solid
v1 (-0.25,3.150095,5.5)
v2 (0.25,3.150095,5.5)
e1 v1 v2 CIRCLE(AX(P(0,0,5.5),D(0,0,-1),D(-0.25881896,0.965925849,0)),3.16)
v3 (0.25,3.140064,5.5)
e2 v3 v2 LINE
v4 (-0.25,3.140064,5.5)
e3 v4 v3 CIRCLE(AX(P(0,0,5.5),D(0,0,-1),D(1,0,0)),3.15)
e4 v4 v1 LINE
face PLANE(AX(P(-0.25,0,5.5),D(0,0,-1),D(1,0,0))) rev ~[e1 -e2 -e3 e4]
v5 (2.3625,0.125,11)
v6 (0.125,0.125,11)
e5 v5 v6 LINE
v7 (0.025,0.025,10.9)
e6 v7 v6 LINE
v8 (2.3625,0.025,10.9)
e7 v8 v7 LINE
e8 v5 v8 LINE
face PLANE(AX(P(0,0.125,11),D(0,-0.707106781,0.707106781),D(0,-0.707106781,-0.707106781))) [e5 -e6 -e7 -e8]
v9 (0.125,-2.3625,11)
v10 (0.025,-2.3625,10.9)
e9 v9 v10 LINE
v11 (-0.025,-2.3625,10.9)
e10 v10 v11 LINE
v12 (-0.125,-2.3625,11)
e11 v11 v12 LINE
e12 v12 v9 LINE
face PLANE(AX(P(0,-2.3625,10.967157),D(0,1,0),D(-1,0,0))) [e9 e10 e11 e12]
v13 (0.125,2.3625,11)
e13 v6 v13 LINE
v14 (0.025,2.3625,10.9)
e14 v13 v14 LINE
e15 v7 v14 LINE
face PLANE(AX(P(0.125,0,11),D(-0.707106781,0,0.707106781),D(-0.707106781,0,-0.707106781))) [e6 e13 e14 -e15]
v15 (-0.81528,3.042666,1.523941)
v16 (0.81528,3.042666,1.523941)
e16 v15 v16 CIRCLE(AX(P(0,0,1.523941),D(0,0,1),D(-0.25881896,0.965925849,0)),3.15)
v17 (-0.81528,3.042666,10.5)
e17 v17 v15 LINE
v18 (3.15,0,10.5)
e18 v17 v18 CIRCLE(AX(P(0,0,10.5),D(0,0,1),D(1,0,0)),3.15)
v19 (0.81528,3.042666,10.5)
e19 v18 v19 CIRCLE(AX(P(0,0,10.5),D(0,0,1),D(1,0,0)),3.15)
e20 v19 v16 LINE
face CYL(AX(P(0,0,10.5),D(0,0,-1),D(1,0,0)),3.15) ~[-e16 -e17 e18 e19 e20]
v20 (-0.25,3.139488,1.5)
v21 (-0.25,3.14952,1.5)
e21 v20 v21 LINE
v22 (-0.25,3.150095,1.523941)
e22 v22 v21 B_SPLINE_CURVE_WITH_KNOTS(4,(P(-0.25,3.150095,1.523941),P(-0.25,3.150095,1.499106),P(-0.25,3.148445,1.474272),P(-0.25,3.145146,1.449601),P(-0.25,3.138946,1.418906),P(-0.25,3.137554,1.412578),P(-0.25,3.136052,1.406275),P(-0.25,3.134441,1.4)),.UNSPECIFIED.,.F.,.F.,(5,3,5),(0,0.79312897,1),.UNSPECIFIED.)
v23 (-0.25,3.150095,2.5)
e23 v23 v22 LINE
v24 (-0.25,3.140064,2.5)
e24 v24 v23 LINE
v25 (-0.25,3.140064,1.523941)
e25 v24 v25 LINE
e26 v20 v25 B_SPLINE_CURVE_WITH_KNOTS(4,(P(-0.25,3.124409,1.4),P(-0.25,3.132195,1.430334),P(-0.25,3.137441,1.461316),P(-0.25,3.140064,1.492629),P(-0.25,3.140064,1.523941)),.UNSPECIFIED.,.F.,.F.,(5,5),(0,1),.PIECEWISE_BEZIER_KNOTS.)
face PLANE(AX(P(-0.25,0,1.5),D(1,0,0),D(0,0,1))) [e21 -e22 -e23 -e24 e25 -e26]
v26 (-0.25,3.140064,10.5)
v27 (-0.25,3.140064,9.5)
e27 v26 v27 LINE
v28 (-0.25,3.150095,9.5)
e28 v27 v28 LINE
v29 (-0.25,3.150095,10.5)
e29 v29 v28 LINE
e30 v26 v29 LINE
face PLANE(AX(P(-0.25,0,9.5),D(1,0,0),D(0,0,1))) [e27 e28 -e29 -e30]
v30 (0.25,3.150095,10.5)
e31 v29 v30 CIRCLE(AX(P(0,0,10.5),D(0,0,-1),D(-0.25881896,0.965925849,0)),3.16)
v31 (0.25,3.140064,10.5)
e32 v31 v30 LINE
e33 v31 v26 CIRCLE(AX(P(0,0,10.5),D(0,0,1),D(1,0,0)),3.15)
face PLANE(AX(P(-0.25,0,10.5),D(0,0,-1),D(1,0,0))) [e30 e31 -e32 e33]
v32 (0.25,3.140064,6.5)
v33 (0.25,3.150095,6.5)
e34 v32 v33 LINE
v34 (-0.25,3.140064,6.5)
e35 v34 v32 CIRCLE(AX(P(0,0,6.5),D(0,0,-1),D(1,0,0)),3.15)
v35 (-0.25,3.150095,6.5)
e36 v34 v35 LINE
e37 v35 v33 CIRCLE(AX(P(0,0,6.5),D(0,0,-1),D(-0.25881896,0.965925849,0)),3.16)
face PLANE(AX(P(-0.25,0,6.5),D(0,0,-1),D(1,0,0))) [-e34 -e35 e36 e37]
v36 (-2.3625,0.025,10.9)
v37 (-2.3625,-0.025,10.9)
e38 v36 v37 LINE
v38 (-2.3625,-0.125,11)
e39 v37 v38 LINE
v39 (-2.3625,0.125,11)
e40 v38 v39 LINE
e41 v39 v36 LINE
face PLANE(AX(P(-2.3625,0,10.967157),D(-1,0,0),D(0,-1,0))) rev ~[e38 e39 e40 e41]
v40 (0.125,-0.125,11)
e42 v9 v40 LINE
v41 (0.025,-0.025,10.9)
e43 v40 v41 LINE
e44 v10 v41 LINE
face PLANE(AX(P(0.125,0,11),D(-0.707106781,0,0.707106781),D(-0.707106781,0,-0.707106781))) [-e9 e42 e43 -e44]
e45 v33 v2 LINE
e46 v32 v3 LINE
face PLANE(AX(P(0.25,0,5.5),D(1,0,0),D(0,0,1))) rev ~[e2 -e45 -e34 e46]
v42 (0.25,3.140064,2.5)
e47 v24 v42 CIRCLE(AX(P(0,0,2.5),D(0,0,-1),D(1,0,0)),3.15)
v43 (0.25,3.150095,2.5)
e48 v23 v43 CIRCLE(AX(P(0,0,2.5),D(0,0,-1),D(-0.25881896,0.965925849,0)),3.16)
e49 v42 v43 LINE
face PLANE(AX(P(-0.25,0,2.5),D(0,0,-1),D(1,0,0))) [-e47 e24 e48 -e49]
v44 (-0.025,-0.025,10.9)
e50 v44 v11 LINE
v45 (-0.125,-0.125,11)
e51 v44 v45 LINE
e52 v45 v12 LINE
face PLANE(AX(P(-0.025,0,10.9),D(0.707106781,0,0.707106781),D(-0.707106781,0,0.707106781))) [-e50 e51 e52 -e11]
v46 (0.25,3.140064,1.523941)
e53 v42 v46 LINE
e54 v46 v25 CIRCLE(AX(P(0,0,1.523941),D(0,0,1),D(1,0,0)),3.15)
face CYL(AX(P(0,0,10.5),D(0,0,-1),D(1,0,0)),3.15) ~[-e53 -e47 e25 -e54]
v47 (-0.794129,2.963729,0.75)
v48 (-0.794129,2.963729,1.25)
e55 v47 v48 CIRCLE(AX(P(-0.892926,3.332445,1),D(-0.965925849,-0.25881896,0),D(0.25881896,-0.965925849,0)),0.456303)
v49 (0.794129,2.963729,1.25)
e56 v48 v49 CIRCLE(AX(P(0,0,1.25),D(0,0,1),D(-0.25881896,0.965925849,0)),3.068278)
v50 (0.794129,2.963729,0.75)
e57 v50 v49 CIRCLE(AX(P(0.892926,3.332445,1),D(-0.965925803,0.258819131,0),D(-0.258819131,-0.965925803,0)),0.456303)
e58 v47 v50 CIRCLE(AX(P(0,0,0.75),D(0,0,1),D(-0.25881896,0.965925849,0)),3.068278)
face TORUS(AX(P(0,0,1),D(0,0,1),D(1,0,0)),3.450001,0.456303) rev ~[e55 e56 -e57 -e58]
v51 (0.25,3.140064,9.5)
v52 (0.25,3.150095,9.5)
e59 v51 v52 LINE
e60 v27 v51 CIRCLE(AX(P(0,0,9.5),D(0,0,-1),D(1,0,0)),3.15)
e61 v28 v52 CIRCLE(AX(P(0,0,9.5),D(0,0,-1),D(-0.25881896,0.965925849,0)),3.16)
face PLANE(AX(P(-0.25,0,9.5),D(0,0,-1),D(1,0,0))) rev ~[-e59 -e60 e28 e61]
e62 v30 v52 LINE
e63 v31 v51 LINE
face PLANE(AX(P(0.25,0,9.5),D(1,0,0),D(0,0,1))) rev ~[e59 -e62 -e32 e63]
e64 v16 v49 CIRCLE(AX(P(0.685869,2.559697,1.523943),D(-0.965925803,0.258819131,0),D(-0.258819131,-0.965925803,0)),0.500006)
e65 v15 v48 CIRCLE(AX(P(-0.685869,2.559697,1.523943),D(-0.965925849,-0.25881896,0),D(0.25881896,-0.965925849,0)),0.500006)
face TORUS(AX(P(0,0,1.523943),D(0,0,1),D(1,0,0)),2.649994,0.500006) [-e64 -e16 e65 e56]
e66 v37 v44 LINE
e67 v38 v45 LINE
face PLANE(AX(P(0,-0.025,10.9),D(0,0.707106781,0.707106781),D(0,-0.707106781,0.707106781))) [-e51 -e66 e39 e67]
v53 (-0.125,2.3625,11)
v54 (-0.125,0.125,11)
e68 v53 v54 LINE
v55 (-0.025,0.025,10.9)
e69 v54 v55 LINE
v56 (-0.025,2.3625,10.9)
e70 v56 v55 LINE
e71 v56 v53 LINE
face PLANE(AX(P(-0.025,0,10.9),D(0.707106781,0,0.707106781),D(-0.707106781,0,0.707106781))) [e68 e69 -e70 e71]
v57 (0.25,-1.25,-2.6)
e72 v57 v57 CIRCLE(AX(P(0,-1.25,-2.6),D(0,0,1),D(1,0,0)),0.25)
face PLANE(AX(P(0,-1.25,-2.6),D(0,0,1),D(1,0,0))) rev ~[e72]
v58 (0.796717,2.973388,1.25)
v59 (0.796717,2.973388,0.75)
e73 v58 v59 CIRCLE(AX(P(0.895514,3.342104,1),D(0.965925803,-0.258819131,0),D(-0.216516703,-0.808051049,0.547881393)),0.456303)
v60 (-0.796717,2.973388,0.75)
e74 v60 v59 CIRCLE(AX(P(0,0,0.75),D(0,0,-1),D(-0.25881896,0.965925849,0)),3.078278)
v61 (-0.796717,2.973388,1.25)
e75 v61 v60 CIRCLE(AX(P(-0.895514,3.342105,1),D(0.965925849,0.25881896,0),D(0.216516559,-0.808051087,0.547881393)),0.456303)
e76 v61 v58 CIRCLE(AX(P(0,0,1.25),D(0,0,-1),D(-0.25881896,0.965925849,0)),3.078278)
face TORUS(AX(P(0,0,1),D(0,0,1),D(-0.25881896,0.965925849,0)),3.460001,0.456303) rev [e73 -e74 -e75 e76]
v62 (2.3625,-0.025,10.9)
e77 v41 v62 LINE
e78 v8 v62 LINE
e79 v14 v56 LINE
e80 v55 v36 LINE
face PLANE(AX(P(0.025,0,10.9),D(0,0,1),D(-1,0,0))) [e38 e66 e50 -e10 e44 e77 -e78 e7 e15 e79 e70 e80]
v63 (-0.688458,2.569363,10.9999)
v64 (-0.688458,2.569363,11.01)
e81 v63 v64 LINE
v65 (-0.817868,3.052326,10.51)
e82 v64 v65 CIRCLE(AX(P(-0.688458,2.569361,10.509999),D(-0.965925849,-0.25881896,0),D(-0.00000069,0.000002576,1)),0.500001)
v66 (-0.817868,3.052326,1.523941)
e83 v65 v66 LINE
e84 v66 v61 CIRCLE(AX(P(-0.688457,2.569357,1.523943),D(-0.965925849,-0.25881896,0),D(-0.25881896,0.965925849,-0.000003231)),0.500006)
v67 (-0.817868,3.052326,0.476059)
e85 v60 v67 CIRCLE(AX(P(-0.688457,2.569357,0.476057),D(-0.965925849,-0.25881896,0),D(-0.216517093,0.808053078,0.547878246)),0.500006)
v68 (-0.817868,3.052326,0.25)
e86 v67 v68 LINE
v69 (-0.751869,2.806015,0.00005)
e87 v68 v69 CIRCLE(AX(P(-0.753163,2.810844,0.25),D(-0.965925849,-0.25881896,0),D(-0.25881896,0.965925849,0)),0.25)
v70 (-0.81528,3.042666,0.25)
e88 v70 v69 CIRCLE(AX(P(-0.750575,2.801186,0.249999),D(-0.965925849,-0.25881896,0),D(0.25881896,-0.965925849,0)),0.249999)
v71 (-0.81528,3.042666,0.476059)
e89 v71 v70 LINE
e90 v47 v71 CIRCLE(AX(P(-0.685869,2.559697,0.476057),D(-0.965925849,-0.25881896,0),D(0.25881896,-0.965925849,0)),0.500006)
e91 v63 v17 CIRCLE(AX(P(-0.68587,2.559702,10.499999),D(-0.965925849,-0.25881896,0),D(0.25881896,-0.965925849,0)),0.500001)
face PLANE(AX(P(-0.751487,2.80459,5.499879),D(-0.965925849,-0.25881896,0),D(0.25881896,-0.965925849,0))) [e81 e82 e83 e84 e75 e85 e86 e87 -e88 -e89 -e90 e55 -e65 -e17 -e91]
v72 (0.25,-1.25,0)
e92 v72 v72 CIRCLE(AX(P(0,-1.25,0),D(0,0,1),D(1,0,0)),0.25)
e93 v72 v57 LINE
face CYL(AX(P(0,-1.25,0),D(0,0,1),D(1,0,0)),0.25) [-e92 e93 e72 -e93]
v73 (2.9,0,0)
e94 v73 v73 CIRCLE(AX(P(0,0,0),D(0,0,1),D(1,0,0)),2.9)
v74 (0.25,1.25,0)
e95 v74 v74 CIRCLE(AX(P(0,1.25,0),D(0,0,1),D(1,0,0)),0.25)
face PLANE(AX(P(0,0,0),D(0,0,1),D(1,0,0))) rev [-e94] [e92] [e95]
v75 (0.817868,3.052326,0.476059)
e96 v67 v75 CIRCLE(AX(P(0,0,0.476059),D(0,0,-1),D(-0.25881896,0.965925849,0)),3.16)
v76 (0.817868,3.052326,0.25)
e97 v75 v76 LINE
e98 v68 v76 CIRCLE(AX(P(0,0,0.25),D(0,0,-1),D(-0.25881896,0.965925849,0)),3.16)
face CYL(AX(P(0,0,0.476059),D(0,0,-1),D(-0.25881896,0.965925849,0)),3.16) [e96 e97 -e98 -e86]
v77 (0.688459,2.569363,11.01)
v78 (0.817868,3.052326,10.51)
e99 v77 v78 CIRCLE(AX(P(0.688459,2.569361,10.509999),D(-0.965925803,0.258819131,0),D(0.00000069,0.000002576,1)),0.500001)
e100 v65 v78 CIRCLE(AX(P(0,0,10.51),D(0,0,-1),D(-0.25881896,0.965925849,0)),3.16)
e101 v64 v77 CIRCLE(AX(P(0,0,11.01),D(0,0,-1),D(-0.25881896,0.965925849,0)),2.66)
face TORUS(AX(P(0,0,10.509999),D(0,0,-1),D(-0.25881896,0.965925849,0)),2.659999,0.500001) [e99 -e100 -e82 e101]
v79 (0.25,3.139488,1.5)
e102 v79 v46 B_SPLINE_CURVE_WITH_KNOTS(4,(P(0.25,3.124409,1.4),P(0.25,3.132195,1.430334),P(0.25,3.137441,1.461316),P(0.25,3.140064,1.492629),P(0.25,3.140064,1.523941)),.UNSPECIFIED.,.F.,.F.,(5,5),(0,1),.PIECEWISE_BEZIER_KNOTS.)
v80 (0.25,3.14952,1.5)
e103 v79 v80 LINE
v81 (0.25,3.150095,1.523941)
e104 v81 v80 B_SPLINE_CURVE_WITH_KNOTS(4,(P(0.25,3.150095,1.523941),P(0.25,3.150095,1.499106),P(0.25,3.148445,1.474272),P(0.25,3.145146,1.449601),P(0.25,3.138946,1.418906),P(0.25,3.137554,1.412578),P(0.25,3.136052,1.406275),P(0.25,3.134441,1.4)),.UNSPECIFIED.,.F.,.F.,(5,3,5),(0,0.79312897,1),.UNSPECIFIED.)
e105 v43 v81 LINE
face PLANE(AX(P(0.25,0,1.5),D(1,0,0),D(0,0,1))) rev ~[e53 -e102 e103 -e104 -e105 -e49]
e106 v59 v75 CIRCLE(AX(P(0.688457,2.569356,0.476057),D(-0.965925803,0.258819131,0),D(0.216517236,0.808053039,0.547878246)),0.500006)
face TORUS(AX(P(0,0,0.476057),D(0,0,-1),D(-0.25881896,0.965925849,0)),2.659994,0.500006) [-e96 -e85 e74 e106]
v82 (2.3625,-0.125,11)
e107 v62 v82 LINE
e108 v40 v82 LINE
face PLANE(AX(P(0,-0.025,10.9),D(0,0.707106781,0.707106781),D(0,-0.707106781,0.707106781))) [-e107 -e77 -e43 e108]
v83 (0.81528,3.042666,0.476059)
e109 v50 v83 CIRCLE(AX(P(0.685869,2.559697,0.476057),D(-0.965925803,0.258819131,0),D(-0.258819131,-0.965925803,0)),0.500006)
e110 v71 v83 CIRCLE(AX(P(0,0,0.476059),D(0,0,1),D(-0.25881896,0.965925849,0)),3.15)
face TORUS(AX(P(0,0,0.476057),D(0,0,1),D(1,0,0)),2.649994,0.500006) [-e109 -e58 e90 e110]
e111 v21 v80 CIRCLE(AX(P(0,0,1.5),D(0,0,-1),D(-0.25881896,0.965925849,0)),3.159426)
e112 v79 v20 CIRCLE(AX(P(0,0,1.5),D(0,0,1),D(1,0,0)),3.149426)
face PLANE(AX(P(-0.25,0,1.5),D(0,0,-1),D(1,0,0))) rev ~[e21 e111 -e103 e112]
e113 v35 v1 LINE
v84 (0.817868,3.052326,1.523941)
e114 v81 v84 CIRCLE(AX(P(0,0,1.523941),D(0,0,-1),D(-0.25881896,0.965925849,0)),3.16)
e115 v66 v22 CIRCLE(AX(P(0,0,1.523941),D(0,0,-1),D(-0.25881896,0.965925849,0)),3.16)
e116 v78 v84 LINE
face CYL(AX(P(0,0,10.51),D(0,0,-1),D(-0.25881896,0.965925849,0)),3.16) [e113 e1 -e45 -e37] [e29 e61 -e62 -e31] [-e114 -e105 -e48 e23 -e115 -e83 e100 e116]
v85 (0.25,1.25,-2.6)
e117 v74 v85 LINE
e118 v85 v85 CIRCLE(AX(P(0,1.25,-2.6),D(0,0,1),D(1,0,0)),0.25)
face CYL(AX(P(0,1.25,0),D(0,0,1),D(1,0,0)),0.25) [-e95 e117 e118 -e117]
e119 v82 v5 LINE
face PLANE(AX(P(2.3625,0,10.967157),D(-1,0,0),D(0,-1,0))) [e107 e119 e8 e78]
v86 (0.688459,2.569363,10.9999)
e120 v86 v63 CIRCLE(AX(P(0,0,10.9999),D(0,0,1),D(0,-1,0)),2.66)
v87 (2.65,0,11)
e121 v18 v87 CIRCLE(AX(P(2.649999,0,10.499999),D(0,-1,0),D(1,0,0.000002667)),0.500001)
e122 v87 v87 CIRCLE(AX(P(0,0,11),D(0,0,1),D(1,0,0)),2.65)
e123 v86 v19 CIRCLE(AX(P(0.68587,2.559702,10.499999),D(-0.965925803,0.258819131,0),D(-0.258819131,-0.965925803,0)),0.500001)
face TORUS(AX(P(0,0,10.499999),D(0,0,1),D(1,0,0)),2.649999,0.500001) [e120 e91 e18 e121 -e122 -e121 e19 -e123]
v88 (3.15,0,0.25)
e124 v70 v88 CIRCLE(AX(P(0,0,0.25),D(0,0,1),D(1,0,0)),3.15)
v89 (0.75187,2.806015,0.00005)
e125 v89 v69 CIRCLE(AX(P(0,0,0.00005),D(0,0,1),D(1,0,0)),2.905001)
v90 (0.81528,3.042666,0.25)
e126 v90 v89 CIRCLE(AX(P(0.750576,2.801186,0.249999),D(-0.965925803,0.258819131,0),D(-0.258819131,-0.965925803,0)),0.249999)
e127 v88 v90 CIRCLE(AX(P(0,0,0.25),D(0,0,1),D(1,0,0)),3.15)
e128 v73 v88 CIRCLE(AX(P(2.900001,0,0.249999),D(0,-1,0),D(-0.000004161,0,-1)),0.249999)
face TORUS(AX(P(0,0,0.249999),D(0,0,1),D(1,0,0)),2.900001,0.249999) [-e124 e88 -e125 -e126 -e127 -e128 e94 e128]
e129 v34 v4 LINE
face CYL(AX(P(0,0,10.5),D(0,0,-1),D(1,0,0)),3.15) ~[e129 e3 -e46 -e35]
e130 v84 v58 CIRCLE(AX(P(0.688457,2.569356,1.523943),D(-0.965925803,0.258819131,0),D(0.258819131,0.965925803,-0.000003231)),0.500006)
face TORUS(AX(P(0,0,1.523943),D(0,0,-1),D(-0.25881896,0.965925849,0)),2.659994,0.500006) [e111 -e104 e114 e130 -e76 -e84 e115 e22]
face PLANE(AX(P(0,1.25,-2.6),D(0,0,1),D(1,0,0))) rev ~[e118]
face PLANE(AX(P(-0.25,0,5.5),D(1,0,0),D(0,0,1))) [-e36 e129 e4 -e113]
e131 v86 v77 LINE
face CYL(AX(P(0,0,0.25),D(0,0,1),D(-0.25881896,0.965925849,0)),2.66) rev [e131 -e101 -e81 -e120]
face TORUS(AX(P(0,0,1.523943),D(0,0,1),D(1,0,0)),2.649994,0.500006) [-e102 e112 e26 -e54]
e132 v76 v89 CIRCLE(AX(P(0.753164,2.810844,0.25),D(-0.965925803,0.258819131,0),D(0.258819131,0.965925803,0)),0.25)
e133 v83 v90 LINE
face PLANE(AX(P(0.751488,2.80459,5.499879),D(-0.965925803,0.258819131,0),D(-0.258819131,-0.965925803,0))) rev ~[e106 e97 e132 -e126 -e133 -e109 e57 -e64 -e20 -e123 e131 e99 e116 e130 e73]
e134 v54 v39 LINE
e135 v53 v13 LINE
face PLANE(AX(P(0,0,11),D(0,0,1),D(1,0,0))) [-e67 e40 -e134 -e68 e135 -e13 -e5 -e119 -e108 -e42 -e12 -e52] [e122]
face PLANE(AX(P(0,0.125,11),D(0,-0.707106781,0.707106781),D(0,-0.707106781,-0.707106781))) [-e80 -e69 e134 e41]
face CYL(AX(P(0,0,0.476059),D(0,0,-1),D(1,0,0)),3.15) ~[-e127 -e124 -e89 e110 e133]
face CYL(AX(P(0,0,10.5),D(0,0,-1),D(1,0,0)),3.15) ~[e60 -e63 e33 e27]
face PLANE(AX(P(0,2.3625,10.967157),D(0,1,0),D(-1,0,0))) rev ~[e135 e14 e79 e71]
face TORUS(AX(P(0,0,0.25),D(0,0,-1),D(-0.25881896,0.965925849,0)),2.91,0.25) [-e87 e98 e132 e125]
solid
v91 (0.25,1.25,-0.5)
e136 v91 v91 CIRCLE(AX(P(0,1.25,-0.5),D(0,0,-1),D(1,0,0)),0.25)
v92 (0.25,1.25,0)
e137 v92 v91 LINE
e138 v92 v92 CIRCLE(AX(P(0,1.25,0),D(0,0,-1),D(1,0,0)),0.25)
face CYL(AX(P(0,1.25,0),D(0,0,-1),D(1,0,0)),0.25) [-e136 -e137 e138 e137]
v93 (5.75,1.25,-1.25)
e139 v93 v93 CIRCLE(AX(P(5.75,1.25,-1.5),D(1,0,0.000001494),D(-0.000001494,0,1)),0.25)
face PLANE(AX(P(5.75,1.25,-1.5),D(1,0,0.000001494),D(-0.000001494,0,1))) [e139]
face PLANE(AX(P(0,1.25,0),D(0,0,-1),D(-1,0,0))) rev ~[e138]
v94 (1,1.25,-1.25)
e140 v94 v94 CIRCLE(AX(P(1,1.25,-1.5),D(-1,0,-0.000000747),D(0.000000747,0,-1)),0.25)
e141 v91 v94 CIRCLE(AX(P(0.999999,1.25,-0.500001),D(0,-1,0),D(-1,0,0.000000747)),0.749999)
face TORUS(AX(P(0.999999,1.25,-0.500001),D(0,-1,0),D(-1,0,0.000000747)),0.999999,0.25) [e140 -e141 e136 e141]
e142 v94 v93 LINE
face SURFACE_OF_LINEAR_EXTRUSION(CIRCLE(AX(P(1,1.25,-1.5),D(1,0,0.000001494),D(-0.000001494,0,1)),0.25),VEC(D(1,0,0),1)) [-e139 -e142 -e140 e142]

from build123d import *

# Parameters (mm, degrees)
SKETCH003_R         = 0.25
REVOLUTION001_ANGLE = -30
SKETCH015_W         = 0.5
SKETCH015_H         = 1
POCKET002_DEPTH     = 3.161
LINEARPATTERN_COUNT = 3
LINEARPATTERN_PITCH = 4
SKETCH010_R         = 0.25
PAD002_DEPTH        = 2.6
SKETCH013_R         = 2.65
PAD_DEPTH           = 0.5
POCKET001_DEPTH     = 2.3625
POLARPATTERN_COUNT  = 3
POLARPATTERN_ANGLE  = 180
SKETCH012_R         = 2.65
POCKET_DEPTH        = 0.5


with BuildPart() as leadangledclone:
    # AdditivePipe: sweep along a path in Sketch004
    with BuildLine(Plane.XZ) as additivepipe_path:
        Line((0, 0), (0, -0.5))
        ThreePointArc((0, -0.5), (0.292893, -1.207107), (1, -1.5))
        Line((1, -1.5), (5.75, -1.5))
    # Sketch003 (on ShapeBinder) → AdditivePipe (sweep)
    with BuildSketch(Plane(origin=(0, 0, 0), x_dir=(1, 0, 0), z_dir=(0, 0, -1))):
        with Locations((0, 1.25)):
            Circle(SKETCH003_R)
    sweep(path=additivepipe_path.line)


with BuildPart() as leadangledclone_1:
    # Body003 placement: moved
    add(leadangledclone.part.moved(Location((0, 2.5, 0))))


with BuildPart() as polaritymarking:
    # Sketch005 → Revolution001 (revolve)
    with BuildSketch(Plane(origin=(0, 0, 0), x_dir=(-0.258819, 0.965926, 0), z_dir=(0.965926, 0.258819, 0))):
        with BuildLine():
            Line((2.66, 0.25), (2.66, 11.01))
            ThreePointArc((2.66, 11.01), (3.013553, 10.863553), (3.16, 10.51))
            Line((3.16, 10.51), (3.16, 1.523941))
            ThreePointArc((3.16, 1.523941), (3.139134, 1.381006), (3.078278, 1.25))
            ThreePointArc((3.078278, 1.25), (3.003698, 1), (3.078278, 0.75))
            ThreePointArc((3.078278, 0.75), (3.139134, 0.618994), (3.16, 0.476059))
            Line((3.16, 0.476059), (3.16, 0.25))
            ThreePointArc((3.16, 0.25), (2.91, 0), (2.66, 0.25))
        make_face()
    revolve(axis=Axis((0, 0, 0), (0, 0, 1)), revolution_arc=REVOLUTION001_ANGLE)

    # Sketch015 → Pocket002 (cut, through all)
    with BuildSketch(Plane.XZ):
        with Locations((0, 2)):
            Rectangle(SKETCH015_W, SKETCH015_H)
    pocket002 = extrude(amount=-POCKET002_DEPTH, mode=Mode.SUBTRACT)

    # LinearPattern: Pocket002 ×3
    with Locations(*[(0, 0, i * LINEARPATTERN_PITCH) for i in range(1, LINEARPATTERN_COUNT)]):
        add(pocket002, mode=Mode.SUBTRACT)


with BuildPart() as leadstraight:
    # Sketch010 → Pad002 (new body)
    with BuildSketch(Plane(origin=(0, 1.25, 0), x_dir=(1, 0, 0), z_dir=(0, 0, 1))):
        Circle(SKETCH010_R)
    extrude(amount=-PAD002_DEPTH)


with BuildPart() as leadstraightclone:
    # Body007 base: copy of LeadStraight
    add(leadstraight.part)


with BuildPart() as leadstraightclone_1:
    # Body007 placement: moved
    add(leadstraightclone.part.moved(Location((0, -2.5, 0))))


with BuildPart() as housingtop:
    # Sketch013 (on ShapeBinder) → Pad (new body)
    with BuildSketch(Plane.XY.offset(10.5)):
        Circle(SKETCH013_R)
    extrude(amount=PAD_DEPTH)

    # Sketch014 → Pocket001 (cut, symmetric)
    with BuildSketch(Plane.XZ):
        Polygon((-0.125, 11), (0.125, 11), (0.025, 10.9), (-0.025, 10.9), align=None)
    pocket001 = extrude(amount=POCKET001_DEPTH, both=True, mode=Mode.SUBTRACT)

    # PolarPattern: Pocket001 ×3 about axis
    polarpattern_axis = Axis((0, 0, 0), (0, 0, 1))
    for i in range(1, POLARPATTERN_COUNT):
        add(pocket001.rotate(polarpattern_axis, i * POLARPATTERN_ANGLE / (POLARPATTERN_COUNT - 1)), mode=Mode.SUBTRACT)


with BuildPart() as fusion:
    # Sketch → Revolution (revolve)
    with BuildSketch(Plane.XZ):
        with BuildLine():
            Line((0, 11), (2.65, 11))
            ThreePointArc((3.15, 10.5), (3.003553, 10.853553), (2.65, 11))
            Line((3.15, 10.5), (3.15, 1.523941))
            ThreePointArc((3.068278, 1.25), (3.129134, 1.381006), (3.15, 1.523941))
            ThreePointArc((3.068278, 1.25), (2.993698, 1), (3.068278, 0.75))
            ThreePointArc((3.15, 0.476059), (3.129134, 0.618994), (3.068278, 0.75))
            Line((3.15, 0.476059), (3.15, 0.25))
            ThreePointArc((2.9, 0), (3.076777, 0.073223), (3.15, 0.25))
            Line((0, 0), (2.9, 0))
            Line((0, 11), (0, 0))
        make_face()
    revolve(axis=Axis((0, 0, 0), (0, 0, 1)))

    # Sketch012 → Pocket (cut)
    with BuildSketch(Plane.XY.offset(11)):
        Circle(SKETCH012_R)
    extrude(amount=-POCKET_DEPTH, mode=Mode.SUBTRACT)

    # Fusion: union PolarityMarking, LeadStraight, LeadStraightClone, HousingTop
    add(polaritymarking.part)
    add(leadstraight.part)
    add(leadstraightclone_1.part)
    add(housingtop.part)


solid = Compound([leadangledclone_1.part, fusion.part])
